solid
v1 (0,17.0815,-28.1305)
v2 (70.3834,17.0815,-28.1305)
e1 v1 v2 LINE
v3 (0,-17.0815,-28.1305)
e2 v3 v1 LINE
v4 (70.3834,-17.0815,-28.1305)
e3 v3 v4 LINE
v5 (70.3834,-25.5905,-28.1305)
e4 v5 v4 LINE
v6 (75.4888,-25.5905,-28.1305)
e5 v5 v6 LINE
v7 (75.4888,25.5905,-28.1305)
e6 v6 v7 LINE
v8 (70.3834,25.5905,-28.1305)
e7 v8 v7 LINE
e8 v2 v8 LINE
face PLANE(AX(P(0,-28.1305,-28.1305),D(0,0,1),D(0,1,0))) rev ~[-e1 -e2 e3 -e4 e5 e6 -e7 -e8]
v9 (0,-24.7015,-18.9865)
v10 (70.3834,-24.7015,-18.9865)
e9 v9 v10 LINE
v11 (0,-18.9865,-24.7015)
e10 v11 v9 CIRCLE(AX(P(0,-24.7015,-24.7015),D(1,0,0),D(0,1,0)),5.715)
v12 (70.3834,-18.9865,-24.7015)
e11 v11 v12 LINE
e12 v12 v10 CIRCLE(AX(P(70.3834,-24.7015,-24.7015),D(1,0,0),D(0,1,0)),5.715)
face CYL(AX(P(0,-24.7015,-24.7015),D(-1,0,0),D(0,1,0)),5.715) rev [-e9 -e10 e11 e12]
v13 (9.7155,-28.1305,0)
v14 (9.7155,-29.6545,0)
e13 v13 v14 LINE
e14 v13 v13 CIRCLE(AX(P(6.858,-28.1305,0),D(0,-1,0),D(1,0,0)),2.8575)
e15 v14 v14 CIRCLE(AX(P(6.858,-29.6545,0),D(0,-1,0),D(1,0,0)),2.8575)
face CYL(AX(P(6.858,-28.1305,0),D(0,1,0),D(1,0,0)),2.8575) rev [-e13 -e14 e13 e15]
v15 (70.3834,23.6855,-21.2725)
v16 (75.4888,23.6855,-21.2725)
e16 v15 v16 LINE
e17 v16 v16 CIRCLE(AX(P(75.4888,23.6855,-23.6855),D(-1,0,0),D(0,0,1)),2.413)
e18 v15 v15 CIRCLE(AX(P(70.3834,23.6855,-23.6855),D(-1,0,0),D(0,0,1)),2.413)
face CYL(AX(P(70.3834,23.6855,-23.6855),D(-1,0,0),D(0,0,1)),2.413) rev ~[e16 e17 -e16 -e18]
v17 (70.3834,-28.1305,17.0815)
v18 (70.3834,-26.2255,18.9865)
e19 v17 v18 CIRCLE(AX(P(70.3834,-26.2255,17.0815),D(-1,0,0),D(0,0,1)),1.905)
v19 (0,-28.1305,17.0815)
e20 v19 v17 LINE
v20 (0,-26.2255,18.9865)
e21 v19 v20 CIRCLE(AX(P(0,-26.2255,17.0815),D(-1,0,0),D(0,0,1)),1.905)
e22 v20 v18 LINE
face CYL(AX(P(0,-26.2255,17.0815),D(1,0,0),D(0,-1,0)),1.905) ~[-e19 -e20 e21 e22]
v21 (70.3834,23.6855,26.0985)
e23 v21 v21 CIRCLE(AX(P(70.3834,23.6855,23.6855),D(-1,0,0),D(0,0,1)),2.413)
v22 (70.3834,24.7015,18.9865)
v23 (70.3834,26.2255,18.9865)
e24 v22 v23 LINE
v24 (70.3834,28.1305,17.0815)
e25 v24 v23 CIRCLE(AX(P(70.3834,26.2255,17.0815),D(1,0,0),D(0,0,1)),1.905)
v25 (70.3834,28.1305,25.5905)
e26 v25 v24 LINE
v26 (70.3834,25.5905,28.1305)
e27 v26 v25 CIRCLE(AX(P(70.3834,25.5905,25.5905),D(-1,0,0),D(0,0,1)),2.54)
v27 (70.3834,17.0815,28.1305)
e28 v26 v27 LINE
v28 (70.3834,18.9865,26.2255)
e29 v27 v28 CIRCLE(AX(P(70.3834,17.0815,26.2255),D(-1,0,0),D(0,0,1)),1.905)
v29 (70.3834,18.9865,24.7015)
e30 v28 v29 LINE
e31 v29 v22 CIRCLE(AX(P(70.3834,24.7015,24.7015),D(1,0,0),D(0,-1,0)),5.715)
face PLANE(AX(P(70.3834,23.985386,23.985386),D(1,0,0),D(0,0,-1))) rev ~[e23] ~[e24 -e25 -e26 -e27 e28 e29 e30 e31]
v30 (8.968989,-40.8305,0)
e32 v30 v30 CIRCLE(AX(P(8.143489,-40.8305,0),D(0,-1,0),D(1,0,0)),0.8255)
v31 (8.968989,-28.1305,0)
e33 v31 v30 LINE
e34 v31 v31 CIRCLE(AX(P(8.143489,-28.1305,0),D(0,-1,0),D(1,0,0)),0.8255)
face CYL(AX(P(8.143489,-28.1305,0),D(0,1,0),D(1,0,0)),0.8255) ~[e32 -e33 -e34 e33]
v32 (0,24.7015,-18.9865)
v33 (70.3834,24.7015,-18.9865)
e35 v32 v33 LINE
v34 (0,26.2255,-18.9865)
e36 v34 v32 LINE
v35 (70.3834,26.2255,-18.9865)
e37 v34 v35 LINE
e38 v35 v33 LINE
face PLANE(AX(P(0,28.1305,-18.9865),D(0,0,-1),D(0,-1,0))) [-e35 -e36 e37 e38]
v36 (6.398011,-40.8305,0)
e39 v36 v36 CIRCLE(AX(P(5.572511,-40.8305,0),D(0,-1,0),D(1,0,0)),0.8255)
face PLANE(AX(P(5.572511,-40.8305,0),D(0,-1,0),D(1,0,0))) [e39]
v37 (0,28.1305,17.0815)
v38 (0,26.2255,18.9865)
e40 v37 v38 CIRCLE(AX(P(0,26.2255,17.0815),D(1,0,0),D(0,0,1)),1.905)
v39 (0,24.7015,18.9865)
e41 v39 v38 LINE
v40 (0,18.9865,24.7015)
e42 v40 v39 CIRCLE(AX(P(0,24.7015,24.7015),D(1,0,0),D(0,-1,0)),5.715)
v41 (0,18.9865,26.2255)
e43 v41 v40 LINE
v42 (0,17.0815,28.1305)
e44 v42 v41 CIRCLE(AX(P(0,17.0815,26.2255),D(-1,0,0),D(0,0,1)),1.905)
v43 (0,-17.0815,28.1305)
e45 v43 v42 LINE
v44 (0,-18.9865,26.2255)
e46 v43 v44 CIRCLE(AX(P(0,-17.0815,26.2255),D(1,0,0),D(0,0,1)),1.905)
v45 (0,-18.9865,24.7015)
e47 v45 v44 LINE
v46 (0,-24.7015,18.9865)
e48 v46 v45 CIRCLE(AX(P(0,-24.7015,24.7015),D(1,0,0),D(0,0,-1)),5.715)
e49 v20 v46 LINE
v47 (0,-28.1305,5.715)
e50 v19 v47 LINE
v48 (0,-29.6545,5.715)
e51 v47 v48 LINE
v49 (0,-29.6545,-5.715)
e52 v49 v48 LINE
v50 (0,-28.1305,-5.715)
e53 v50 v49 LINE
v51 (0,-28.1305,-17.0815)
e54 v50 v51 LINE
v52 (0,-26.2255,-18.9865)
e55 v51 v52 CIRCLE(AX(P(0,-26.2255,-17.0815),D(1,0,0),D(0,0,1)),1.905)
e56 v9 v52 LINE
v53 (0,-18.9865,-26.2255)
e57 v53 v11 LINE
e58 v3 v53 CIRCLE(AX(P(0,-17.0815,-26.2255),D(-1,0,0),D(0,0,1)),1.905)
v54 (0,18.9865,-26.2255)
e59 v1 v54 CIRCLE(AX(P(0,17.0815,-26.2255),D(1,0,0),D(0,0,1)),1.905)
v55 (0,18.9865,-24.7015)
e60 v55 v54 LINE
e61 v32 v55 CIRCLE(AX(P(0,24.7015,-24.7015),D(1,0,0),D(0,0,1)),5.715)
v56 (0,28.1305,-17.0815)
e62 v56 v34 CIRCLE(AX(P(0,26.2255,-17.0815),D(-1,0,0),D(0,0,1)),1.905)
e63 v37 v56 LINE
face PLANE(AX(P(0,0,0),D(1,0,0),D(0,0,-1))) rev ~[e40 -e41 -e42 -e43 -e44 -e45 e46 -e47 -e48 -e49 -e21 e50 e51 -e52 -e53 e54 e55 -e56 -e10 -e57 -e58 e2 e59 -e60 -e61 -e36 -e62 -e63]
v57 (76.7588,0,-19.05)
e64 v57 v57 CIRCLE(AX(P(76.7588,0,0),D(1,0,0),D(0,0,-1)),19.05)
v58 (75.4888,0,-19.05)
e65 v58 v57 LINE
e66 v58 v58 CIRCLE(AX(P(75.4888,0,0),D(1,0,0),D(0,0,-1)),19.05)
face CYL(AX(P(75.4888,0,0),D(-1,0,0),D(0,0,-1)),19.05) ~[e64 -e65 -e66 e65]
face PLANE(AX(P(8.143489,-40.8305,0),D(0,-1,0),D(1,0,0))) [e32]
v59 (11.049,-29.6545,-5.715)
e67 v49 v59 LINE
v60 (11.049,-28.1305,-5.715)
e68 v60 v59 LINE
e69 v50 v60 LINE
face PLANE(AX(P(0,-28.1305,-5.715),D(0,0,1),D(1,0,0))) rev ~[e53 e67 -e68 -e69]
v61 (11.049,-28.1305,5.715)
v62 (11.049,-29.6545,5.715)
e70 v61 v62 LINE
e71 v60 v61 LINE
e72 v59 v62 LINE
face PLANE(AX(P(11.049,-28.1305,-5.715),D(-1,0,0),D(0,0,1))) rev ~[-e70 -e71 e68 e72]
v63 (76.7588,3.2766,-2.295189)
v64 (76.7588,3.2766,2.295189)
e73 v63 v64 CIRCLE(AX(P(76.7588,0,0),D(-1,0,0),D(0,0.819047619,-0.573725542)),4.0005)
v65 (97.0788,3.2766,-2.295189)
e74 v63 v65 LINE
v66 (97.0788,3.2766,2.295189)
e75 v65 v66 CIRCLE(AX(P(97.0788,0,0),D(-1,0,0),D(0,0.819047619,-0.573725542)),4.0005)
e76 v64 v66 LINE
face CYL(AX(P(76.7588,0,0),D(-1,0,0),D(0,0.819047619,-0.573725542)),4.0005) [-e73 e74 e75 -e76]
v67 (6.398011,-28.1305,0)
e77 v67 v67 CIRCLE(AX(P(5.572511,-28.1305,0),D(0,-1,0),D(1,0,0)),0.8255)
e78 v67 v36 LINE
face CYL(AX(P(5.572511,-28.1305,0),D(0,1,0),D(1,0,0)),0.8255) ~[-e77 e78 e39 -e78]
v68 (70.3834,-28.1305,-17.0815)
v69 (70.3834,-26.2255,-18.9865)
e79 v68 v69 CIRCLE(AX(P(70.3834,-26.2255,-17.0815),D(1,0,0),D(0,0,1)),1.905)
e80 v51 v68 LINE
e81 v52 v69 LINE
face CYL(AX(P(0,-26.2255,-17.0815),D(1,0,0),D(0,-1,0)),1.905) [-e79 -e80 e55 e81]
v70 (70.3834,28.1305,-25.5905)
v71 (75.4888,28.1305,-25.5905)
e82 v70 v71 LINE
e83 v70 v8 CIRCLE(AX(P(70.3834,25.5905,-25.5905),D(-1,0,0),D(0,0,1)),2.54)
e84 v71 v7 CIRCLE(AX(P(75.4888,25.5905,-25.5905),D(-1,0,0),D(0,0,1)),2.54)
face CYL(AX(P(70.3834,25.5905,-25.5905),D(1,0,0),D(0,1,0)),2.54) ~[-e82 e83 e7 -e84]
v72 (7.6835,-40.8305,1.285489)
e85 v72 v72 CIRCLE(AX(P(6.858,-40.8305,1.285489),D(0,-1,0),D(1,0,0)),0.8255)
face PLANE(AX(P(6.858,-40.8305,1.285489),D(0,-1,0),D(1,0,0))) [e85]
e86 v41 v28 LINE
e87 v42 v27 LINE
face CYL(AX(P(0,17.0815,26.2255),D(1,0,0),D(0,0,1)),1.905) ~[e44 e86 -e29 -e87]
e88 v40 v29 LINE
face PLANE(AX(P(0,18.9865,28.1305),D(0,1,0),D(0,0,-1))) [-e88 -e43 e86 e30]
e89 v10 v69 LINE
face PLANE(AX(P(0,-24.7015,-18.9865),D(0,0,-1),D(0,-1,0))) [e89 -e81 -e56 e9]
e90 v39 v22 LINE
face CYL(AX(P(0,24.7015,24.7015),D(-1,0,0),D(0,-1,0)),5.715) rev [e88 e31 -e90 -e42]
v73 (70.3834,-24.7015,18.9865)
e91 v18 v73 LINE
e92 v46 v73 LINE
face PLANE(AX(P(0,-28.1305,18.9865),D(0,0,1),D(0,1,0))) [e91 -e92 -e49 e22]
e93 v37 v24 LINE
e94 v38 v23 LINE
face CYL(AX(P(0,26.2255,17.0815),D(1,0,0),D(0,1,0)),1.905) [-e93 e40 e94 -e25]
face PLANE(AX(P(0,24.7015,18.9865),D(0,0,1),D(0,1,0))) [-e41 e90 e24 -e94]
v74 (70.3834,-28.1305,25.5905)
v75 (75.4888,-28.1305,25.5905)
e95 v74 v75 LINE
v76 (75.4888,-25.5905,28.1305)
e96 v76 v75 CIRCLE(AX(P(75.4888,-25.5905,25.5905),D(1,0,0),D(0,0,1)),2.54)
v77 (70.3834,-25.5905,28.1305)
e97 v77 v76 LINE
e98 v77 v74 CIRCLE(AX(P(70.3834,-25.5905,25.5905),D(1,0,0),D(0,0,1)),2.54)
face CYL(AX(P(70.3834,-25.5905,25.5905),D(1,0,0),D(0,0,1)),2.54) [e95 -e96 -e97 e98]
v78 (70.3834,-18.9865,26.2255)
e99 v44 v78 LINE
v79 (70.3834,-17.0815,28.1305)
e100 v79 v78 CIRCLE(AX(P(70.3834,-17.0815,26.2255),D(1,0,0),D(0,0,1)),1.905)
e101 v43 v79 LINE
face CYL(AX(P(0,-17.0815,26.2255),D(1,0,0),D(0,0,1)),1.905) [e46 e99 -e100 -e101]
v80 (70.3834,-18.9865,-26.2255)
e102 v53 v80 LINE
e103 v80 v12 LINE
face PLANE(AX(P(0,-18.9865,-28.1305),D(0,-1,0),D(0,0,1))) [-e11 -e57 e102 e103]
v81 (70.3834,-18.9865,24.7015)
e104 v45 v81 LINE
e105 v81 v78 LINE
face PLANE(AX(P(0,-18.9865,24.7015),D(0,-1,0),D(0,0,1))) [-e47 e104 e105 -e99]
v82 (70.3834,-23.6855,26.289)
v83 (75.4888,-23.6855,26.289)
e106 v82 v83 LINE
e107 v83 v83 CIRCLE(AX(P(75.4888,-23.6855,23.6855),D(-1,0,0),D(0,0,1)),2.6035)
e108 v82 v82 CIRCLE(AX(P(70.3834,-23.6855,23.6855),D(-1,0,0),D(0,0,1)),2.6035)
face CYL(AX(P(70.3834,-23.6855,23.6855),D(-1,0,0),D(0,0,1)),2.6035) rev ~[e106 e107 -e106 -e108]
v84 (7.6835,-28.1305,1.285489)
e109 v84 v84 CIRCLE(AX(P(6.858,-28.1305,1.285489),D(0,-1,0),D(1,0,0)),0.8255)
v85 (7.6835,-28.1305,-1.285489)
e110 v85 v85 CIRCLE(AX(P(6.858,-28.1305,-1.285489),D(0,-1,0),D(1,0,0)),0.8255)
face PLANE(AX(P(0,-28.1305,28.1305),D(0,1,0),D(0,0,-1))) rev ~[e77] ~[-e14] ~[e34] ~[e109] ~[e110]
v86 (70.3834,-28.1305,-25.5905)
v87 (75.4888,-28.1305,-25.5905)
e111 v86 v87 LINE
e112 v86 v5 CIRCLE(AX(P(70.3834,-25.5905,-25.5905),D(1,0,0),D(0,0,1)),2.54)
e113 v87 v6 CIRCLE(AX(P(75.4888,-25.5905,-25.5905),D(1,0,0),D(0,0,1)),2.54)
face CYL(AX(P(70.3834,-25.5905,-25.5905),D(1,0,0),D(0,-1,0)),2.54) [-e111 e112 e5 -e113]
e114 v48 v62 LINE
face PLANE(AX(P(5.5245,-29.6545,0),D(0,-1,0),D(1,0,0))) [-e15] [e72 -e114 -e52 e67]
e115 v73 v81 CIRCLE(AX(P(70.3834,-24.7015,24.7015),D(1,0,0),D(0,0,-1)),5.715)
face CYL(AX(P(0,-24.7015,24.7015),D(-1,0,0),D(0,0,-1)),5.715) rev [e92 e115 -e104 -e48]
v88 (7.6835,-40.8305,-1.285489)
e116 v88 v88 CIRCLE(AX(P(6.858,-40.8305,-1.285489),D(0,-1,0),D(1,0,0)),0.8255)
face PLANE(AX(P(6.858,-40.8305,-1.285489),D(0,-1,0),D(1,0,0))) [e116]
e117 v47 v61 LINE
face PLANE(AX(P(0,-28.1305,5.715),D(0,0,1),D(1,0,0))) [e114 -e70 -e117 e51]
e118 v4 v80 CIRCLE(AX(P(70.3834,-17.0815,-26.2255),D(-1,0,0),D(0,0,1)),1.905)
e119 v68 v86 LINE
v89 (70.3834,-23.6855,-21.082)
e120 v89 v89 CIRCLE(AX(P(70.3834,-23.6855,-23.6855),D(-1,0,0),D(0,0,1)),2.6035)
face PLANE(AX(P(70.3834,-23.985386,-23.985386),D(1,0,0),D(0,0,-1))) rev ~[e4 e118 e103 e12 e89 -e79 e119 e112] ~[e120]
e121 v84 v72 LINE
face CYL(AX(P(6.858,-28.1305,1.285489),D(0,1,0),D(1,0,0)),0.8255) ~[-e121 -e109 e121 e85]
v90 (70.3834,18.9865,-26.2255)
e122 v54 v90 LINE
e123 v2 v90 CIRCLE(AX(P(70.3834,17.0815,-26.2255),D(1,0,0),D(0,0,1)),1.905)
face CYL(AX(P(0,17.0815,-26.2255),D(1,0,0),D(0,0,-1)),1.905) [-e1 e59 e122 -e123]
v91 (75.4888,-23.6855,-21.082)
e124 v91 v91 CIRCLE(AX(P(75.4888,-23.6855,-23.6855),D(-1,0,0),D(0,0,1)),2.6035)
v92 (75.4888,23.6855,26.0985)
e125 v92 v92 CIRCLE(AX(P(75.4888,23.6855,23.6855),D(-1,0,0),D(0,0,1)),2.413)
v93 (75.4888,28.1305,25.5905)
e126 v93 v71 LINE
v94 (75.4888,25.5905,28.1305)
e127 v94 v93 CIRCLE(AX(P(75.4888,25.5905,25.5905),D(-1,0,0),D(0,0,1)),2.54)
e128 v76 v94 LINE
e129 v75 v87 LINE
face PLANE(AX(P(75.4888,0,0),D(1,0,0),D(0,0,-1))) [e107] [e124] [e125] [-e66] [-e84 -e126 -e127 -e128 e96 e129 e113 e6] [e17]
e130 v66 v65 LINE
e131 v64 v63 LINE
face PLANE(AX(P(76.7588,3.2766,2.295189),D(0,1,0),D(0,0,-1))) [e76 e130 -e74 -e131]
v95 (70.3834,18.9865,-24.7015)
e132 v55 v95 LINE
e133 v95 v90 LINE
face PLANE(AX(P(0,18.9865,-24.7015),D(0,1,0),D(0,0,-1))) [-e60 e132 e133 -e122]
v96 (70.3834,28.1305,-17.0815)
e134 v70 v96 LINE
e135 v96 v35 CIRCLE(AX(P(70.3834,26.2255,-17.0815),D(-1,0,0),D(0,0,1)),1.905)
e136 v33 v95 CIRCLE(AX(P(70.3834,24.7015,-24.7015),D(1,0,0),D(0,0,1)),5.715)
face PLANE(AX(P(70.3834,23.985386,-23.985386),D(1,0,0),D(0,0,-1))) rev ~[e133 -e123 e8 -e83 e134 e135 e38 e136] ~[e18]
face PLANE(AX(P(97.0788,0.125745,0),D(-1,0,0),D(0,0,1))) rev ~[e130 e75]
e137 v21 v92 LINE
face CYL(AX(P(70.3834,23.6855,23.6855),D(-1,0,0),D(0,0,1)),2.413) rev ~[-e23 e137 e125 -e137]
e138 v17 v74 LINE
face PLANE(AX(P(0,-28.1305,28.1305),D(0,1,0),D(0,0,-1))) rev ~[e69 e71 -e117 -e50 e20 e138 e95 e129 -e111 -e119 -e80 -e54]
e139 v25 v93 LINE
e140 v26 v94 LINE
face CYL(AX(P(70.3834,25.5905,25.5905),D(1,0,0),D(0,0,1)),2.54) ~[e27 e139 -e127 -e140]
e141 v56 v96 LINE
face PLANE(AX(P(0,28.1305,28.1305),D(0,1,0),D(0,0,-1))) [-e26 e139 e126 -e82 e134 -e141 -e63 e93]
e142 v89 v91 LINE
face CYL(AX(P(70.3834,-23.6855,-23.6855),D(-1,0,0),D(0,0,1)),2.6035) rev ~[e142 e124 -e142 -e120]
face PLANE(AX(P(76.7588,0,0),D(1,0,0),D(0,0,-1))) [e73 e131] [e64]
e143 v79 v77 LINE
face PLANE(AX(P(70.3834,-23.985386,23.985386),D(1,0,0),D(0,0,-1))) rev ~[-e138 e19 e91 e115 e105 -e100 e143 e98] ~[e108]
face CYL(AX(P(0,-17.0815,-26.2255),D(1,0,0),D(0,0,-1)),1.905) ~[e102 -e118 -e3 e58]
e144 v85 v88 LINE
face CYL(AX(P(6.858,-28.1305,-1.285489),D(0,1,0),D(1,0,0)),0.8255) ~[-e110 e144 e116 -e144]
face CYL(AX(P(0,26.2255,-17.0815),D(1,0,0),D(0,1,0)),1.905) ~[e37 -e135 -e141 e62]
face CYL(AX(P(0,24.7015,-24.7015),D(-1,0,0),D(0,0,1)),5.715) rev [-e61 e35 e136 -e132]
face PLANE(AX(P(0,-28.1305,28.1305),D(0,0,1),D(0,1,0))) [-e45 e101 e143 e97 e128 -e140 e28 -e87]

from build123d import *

# Parameters (mm, degrees)
SKETCH1_W           = 56.261
SKETCH1_H           = 56.261
BOSS_EXTRUDE2_DEPTH = 75.4888
SKETCH2_R           = 19.05
BOSS_EXTRUDE3_DEPTH = 1.27
CUT_EXTRUDE1_DEPTH  = 70.3834
FILLET1_R           = 2.54
FILLET2_R           = 1.905
SKETCH4_R           = 2.413
SKETCH4_R_2         = 2.6035
CUT_EXTRUDE2_DEPTH  = 5.1054
BOSS_EXTRUDE4_DEPTH = 20.32
SKETCH6_W           = 11.049
SKETCH6_H           = 11.43
SKETCH6_R           = 2.8575
BOSS_EXTRUDE5_DEPTH = 1.524
SKETCH7_R           = 0.8255
BOSS_EXTRUDE6_DEPTH = 12.7


with BuildPart() as part:
    # Sketch1 → Boss-Extrude2 (new body)
    with BuildSketch(Plane(origin=(0, 0, 0), x_dir=(0, 0, -1), z_dir=(1, 0, 0))):
        Rectangle(SKETCH1_W, SKETCH1_H)
    extrude(amount=BOSS_EXTRUDE2_DEPTH)

    # Sketch2 → Boss-Extrude3 (add)
    with BuildSketch(Plane(origin=(75.4888, 0, 0), x_dir=(0, 0, -1), z_dir=(1, 0, 0))):
        Circle(SKETCH2_R)
    extrude(amount=BOSS_EXTRUDE3_DEPTH)

    # Sketch3 → Cut-Extrude1 (cut)
    with BuildSketch(Plane.ZY):
        with BuildLine():
            Line((28.1305, 18.9865), (24.7015, 18.9865))
            ThreePointArc((24.7015, 18.9865), (20.660384746, 20.660384746), (18.9865, 24.7015))
            Line((18.9865, 24.7015), (18.9865, 28.1305))
            Line((18.9865, 28.1305), (28.1305, 28.1305))
            Line((28.1305, 28.1305), (28.1305, 18.9865))
        make_face()
        with BuildLine():
            Line((-28.1305, 28.1305), (-18.9865, 28.1305))
            Line((-18.9865, 28.1305), (-18.9865, 24.7015))
            ThreePointArc((-18.9865, 24.7015), (-20.660384746, 20.660384746), (-24.7015, 18.9865))
            Line((-24.7015, 18.9865), (-28.1305, 18.9865))
            Line((-28.1305, 18.9865), (-28.1305, 28.1305))
        make_face()
        with BuildLine():
            Line((18.9865, -28.1305), (18.9865, -24.7015))
            ThreePointArc((18.9865, -24.7015), (20.660384746, -20.660384746), (24.7015, -18.9865))
            Line((24.7015, -18.9865), (28.1305, -18.9865))
            Line((28.1305, -18.9865), (28.1305, -28.1305))
            Line((28.1305, -28.1305), (18.9865, -28.1305))
        make_face()
        with BuildLine():
            Line((-28.1305, -18.9865), (-24.7015, -18.9865))
            ThreePointArc((-24.7015, -18.9865), (-20.660384746, -20.660384746), (-18.9865, -24.7015))
            Line((-18.9865, -24.7015), (-18.9865, -28.1305))
            Line((-18.9865, -28.1305), (-28.1305, -28.1305))
            Line((-28.1305, -28.1305), (-28.1305, -18.9865))
        make_face()
    extrude(amount=-CUT_EXTRUDE1_DEPTH, mode=Mode.SUBTRACT)

    # Fillet1
    fillet1_edges = [part.edges().sort_by_distance(p)[0] for p in [
        (72.9361, -28.1305, -28.1305),
        (72.9361, -28.1305, 28.1305),
        (72.9361, 28.1305, 28.1305),
        (72.9361, 28.1305, -28.1305),
    ]]
    fillet(fillet1_edges, radius=FILLET1_R)

    # Fillet2
    fillet2_edges = [part.edges().sort_by_distance(p)[0] for p in [
        (35.1917, -28.1305, -18.9865),
        (35.1917, -18.9865, -28.1305),
        (35.1917, -18.9865, 28.1305),
        (35.1917, -28.1305, 18.9865),
        (35.1917, 28.1305, 18.9865),
        (35.1917, 18.9865, 28.1305),
        (35.1917, 18.9865, -28.1305),
        (35.1917, 28.1305, -18.9865),
    ]]
    fillet(fillet2_edges, radius=FILLET2_R)

    # Sketch4 → Cut-Extrude2 (cut)
    with BuildSketch(Plane.ZY.offset(-70.3834)):
        with Locations((-23.6855, 23.6855)):
            Circle(SKETCH4_R)
        with Locations((23.6855, 23.6855)):
            Circle(SKETCH4_R)
        with Locations((23.6855, -23.6855)):
            Circle(SKETCH4_R_2)
        with Locations((-23.6855, -23.6855)):
            Circle(SKETCH4_R_2)
    extrude(amount=-CUT_EXTRUDE2_DEPTH, mode=Mode.SUBTRACT)

    # Sketch5 → Boss-Extrude4 (add)
    with BuildSketch(Plane(origin=(76.7588, 0, 0), x_dir=(0, 0, -1), z_dir=(1, 0, 0))):
        with BuildLine():
            Line((-2.295189031, 3.2766), (2.295189031, 3.2766))
            ThreePointArc((2.295189031, 3.2766), (0, -4.0005), (-2.295189031, 3.2766))
        make_face()
    extrude(amount=BOSS_EXTRUDE4_DEPTH)

    # Sketch6 → Boss-Extrude5 (add)
    with BuildSketch(Plane.XZ.offset(28.1305)):
        with Locations((5.5245, 0)):
            Rectangle(SKETCH6_W, SKETCH6_H)
        with Locations((6.858, 0)):
            Circle(SKETCH6_R, mode=Mode.SUBTRACT)
    extrude(amount=BOSS_EXTRUDE5_DEPTH)

    # Sketch7 → Boss-Extrude6 (add)
    with BuildSketch(Plane.XZ.offset(28.1305)):
        with Locations((6.858, 1.285488676)):
            Circle(SKETCH7_R)
        with Locations((8.143488676, 0)):
            Circle(SKETCH7_R)
        with Locations((6.858, -1.285488676)):
            Circle(SKETCH7_R)
        with Locations((5.572511324, 0)):
            Circle(SKETCH7_R)
    extrude(amount=BOSS_EXTRUDE6_DEPTH)


solid = part.part
